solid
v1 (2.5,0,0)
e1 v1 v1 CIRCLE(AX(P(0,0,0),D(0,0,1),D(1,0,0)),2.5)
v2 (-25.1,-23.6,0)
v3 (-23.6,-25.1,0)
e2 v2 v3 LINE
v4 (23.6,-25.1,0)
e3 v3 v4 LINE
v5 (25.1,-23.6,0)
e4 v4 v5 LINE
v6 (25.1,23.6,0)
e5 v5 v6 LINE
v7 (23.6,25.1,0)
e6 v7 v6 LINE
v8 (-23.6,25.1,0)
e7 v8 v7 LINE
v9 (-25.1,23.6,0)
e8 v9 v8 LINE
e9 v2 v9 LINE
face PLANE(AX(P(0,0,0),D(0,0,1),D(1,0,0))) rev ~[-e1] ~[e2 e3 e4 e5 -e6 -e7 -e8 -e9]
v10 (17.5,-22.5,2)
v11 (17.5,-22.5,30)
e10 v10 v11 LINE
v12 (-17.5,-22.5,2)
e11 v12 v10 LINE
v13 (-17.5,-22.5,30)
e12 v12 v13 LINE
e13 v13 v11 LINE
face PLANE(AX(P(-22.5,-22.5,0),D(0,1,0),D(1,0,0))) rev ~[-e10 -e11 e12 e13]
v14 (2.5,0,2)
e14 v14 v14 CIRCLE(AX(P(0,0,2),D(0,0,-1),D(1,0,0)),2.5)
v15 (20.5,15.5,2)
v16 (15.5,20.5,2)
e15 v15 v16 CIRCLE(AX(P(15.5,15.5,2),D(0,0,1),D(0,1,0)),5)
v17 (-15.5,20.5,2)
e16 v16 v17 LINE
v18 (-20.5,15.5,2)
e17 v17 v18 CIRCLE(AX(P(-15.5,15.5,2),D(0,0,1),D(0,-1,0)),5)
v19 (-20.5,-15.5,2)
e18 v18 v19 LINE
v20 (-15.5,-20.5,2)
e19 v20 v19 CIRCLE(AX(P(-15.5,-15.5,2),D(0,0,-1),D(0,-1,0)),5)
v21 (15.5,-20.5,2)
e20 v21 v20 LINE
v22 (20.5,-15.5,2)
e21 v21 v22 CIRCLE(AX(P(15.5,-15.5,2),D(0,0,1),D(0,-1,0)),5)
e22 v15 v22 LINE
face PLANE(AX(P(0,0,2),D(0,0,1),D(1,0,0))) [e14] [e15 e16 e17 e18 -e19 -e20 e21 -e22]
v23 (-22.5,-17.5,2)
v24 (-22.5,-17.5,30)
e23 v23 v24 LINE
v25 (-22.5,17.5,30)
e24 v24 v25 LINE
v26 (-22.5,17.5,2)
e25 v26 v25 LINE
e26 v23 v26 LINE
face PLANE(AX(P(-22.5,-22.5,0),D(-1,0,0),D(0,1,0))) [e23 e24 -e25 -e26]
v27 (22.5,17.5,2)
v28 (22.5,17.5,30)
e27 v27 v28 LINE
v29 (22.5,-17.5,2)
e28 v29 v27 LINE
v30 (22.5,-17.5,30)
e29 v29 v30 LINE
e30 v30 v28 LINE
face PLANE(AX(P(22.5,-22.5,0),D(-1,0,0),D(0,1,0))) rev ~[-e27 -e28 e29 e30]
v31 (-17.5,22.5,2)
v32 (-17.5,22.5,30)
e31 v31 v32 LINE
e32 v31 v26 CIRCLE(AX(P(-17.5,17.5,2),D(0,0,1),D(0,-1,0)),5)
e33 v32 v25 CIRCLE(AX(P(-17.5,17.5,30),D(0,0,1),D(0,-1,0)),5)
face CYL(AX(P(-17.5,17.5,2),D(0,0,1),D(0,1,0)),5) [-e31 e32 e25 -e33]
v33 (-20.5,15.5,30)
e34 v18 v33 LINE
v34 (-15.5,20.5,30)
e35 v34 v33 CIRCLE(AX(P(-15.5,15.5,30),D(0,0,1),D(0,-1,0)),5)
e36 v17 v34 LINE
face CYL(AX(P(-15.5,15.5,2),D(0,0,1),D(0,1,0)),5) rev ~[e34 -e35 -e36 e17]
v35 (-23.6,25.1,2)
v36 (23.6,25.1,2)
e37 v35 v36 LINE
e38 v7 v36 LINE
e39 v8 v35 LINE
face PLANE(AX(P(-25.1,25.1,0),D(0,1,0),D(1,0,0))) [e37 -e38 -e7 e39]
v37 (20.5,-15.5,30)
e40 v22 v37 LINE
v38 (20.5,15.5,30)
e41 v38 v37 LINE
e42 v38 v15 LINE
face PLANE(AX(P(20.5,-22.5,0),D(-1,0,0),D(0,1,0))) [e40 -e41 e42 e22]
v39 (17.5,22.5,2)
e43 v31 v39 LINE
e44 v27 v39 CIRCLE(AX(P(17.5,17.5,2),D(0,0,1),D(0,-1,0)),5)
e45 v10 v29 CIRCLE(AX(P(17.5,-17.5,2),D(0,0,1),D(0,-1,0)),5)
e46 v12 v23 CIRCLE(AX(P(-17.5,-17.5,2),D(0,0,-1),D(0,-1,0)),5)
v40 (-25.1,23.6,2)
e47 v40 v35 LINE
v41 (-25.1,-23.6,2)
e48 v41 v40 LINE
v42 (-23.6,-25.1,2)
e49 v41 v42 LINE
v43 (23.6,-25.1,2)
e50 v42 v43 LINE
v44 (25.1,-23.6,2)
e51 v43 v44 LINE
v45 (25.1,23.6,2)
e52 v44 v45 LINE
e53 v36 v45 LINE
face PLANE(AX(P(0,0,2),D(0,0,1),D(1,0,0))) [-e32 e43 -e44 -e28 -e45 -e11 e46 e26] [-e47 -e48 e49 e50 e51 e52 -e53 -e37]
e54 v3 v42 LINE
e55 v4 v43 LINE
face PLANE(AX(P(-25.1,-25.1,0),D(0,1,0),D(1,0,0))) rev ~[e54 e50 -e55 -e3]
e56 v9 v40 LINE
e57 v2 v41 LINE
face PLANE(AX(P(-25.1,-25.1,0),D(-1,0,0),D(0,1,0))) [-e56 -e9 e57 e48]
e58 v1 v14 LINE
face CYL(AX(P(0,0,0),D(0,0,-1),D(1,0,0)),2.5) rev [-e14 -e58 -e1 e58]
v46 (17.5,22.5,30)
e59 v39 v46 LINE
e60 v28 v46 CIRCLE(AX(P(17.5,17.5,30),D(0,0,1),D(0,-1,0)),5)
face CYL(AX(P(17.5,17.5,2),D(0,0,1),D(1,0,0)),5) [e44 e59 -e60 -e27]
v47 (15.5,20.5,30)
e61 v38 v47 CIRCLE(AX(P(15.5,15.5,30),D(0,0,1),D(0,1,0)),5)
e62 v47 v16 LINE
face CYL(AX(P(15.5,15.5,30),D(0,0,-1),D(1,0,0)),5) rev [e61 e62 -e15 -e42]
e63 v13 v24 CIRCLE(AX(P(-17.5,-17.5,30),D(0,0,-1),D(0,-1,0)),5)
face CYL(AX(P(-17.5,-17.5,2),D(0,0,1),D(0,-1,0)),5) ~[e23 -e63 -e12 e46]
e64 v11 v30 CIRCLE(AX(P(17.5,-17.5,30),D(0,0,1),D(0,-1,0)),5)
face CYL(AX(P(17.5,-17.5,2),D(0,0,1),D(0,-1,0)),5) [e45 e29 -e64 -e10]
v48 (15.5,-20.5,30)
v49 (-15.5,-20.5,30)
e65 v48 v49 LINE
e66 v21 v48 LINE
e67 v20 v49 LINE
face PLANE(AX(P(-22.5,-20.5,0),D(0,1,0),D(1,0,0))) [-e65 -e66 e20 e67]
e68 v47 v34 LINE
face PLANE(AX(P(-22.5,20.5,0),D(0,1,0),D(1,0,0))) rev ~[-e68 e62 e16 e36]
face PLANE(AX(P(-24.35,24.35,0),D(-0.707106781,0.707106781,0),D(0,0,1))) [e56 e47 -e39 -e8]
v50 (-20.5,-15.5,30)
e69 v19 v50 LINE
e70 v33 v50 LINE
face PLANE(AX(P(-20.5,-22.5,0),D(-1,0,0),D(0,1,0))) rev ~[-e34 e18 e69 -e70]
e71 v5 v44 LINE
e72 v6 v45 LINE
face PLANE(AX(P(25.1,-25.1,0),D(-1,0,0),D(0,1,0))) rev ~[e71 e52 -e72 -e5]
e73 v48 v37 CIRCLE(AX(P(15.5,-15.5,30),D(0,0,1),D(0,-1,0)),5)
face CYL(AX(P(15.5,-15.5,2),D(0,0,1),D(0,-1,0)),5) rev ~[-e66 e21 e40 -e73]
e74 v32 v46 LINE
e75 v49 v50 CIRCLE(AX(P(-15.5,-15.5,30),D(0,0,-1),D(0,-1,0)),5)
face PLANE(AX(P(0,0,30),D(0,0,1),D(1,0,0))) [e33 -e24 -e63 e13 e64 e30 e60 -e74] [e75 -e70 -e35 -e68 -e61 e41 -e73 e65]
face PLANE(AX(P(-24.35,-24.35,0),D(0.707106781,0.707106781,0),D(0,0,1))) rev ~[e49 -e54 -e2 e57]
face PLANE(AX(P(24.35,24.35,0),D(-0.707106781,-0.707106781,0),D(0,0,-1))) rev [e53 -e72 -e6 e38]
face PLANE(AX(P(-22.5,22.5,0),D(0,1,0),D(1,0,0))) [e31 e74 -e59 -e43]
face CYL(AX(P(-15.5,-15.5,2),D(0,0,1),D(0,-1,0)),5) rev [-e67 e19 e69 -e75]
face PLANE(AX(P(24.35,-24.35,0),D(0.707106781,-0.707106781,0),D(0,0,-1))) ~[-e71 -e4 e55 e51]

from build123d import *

# Parameters (mm, degrees)
F0_W     = 45
F0_H     = 45
F0_R     = 2.5
F1_DEPTH = 30
F0_W_2   = 50.2
F0_H_2   = 50.2
F2_DEPTH = 2
F3_T     = -2
F4_R     = 5
F5_SIZE  = 1.5


with BuildPart() as f1:
    # F0 (on Top) → F1 (new body)
    with BuildSketch(Plane.XY):
        Rectangle(F0_W, F0_H)
        Circle(F0_R, mode=Mode.SUBTRACT)
    extrude(amount=F1_DEPTH)

    # F0 (on Top) → F2 (join)
    with BuildSketch(Plane.XY):
        Rectangle(F0_W_2, F0_H_2)
        Rectangle(F0_W, F0_H, mode=Mode.SUBTRACT)
    extrude(amount=F2_DEPTH)

    # F3
    f3_openings = [f1.faces().sort_by_distance(p)[0] for p in [
        (0, 21.863604, 30),
        (-2.5, 0, 15),
    ]]
    offset(amount=F3_T, openings=f3_openings, kind=Kind.INTERSECTION)

    # F4
    f4_edges = [f1.edges().sort_by_distance(p)[0] for p in [
        (-22.5, -22.5, 16),
        (22.5, -22.5, 16),
        (22.5, 22.5, 16),
        (-22.5, 22.5, 16),
        (20.5, 20.5, 16),
        (-20.5, 20.5, 16),
        (-20.5, -20.5, 16),
        (20.5, -20.5, 16),
    ]]
    fillet(f4_edges, radius=F4_R)

    # F5
    f5_edges = [f1.edges().sort_by_distance(p)[0] for p in [
        (25.1, 25.1, 1),
        (25.1, -25.1, 1),
        (-25.1, 25.1, 1),
        (-25.1, -25.1, 1),
    ]]
    chamfer(f5_edges, length=F5_SIZE)


solid = f1.part
